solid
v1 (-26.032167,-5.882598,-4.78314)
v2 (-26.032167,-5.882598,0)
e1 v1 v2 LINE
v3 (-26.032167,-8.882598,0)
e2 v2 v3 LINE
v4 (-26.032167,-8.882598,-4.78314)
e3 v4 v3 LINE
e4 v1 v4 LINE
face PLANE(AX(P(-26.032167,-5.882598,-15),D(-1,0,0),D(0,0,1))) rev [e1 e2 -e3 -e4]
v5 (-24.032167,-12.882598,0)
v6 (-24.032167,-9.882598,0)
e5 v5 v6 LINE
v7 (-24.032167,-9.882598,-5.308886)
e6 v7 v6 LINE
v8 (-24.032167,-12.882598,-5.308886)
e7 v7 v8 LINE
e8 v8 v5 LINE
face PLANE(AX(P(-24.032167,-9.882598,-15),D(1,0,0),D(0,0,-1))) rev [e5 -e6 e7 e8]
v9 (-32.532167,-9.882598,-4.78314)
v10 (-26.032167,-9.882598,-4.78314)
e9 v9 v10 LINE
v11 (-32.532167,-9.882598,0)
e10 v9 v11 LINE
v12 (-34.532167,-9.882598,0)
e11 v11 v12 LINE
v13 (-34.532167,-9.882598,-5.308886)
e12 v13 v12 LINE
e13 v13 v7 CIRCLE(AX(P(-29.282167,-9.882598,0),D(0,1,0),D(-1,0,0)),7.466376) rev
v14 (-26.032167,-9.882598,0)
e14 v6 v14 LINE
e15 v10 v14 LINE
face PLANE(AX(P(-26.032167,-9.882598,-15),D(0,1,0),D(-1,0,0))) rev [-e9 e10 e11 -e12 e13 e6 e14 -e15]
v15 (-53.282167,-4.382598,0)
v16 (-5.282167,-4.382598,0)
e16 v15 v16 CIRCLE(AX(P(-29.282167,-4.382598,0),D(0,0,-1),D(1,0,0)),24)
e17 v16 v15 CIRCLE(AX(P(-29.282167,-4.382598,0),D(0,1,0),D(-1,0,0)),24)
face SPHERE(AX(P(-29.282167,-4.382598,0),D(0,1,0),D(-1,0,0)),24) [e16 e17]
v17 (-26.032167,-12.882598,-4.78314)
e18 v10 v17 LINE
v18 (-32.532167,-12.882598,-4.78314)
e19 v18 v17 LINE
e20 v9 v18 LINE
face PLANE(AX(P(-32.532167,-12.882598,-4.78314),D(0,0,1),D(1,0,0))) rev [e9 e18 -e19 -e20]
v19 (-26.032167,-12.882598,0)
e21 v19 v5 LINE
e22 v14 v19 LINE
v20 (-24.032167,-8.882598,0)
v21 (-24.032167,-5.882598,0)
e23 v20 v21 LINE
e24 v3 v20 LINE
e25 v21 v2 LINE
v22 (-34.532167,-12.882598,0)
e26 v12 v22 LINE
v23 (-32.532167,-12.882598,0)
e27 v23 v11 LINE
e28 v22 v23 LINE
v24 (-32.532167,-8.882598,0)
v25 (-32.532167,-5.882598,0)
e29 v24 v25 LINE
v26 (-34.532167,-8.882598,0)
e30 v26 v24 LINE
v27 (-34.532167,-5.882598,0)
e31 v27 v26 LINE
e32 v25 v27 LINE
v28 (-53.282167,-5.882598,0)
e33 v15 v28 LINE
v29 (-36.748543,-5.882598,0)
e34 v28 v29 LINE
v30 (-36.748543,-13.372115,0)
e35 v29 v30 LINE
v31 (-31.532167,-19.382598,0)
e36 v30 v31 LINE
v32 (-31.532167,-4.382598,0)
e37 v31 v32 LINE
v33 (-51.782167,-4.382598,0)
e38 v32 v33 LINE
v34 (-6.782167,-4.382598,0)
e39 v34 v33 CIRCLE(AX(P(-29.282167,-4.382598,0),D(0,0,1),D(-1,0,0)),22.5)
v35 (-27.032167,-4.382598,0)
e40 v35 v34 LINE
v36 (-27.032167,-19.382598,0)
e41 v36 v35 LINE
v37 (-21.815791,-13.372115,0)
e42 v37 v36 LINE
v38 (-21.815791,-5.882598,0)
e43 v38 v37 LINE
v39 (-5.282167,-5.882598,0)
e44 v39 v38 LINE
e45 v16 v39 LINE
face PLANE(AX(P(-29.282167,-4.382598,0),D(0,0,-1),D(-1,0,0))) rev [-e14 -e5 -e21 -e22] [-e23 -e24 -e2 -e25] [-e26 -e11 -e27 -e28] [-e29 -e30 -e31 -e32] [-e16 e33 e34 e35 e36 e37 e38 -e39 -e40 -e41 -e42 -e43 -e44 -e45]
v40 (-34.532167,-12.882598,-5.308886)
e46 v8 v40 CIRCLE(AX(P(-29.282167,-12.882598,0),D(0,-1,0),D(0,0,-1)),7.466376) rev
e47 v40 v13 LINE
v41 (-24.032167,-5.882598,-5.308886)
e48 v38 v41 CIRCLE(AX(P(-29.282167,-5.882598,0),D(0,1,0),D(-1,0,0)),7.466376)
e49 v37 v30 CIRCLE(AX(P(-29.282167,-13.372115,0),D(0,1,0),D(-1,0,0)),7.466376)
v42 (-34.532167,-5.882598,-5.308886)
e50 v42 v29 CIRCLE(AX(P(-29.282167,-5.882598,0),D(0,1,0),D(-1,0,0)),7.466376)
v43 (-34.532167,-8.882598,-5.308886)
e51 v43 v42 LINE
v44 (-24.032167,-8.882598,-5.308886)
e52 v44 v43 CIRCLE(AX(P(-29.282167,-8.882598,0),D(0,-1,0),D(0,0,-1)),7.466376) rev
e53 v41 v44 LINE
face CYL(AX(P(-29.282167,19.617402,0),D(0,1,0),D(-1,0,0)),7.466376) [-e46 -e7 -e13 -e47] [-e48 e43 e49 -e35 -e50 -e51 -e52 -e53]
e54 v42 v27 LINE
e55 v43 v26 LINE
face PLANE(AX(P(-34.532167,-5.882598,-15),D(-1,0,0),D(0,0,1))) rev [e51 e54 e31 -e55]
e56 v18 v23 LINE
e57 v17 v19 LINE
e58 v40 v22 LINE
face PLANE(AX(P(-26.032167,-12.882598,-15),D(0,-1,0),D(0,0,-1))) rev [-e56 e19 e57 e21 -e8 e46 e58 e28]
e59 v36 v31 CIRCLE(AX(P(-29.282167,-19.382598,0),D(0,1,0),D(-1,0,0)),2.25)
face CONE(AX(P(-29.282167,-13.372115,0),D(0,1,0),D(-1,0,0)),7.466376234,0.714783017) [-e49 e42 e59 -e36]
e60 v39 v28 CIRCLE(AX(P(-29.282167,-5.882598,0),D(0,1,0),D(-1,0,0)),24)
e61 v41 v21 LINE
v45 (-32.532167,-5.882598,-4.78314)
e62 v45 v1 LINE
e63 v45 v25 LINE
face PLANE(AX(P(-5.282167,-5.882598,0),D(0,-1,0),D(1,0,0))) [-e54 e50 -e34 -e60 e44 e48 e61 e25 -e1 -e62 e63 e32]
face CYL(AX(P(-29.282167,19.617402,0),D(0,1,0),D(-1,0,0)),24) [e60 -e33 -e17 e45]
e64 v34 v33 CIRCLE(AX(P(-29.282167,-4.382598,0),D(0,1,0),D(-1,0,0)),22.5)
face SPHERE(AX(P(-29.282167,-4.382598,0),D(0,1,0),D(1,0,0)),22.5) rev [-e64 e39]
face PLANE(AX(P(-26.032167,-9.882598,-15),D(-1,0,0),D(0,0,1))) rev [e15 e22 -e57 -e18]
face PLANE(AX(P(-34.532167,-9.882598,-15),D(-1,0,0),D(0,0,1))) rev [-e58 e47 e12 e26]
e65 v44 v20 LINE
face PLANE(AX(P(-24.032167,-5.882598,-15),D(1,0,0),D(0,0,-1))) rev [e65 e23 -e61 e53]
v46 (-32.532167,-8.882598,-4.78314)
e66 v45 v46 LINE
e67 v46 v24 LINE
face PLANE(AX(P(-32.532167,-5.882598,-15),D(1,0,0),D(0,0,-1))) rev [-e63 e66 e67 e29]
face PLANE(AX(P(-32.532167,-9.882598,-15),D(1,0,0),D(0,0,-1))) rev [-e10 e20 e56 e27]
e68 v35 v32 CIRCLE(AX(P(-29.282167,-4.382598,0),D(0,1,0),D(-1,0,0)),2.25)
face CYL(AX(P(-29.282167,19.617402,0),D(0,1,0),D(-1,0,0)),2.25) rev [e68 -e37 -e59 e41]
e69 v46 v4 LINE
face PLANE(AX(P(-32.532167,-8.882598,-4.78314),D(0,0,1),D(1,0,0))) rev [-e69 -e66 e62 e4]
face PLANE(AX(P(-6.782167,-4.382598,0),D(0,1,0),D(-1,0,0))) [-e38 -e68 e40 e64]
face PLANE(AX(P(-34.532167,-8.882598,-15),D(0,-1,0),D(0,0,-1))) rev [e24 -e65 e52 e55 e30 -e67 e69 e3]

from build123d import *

# Parameters (mm, degrees)
REVOLUCI_N1_ANGLE     = 180
CROQUIS2_W            = 2
CROQUIS2_H            = 3
CORTAR_EXTRUIR1_DEPTH = 15
CROQUIS3_W            = 7.076217781
CROQUIS3_H            = 3
CROQUIS3_W_2          = 6.688868885
CORTAR_EXTRUIR2_DEPTH = 6.500003


with BuildPart() as part:
    # Croquis1 → Revolución1 (revolve)
    with BuildSketch(Plane.XY):
        with BuildLine():
            Line((-51.782166939, -4.382597623), (-31.532166939, -4.382597623))
            Line((-31.532166939, -4.382597623), (-31.532166939, -14.382597623))
            Line((-31.532166939, -14.382597623), (-31.532166939, -19.382597623))
            Line((-31.532166939, -19.382597623), (-36.748543174, -13.37211471))
            Line((-36.748543174, -13.37211471), (-36.748543174, -5.882597623))
            Line((-36.748543174, -5.882597623), (-43.248543174, -5.882597623))
            Line((-43.248543174, -5.882597623), (-53.282166939, -5.882597623))
            Line((-53.282166939, -5.882597623), (-53.282166939, -4.382597623))
            ThreePointArc((-53.282166939, -4.382597623), (-46.252729688, 12.587965125), (-29.282166939, 19.617402377))
            Line((-29.282166939, 19.617402377), (-29.282166939, 18.117402377))
            ThreePointArc((-29.282166939, 18.117402377), (-45.192069516, 11.527304954), (-51.782166939, -4.382597623))
        make_face()
    revolve(axis=Axis((-29.282166939, 19.617402377, 0), (0, -1, 0)), revolution_arc=REVOLUCI_N1_ANGLE)

    # Croquis2 → Cortar-Extruir1 (cut)
    with BuildSketch(Plane.XY):
        with Locations((-33.532166939, -7.382597623)):
            Rectangle(CROQUIS2_W, CROQUIS2_H)
        with Locations((-25.032166939, -7.382597623)):
            Rectangle(CROQUIS2_W, CROQUIS2_H)
        with Locations((-25.032166939, -11.382597623)):
            Rectangle(CROQUIS2_W, CROQUIS2_H)
        with Locations((-33.532166939, -11.382597623)):
            Rectangle(CROQUIS2_W, CROQUIS2_H)
    extrude(amount=-CORTAR_EXTRUIR1_DEPTH, mode=Mode.SUBTRACT)

    # Croquis3 → Cortar-Extruir2 (cut)
    with BuildSketch(Plane(origin=(-26.032166939, 0, 0), x_dir=(0, 0, -1), z_dir=(1, 0, 0))):
        with Locations((8.321249271, -11.382597623)):
            Rectangle(CROQUIS3_W, CROQUIS3_H)
        with Locations((8.127574822, -7.382597623)):
            Rectangle(CROQUIS3_W_2, CROQUIS3_H)
    extrude(amount=-CORTAR_EXTRUIR2_DEPTH, mode=Mode.SUBTRACT)


solid = part.part
